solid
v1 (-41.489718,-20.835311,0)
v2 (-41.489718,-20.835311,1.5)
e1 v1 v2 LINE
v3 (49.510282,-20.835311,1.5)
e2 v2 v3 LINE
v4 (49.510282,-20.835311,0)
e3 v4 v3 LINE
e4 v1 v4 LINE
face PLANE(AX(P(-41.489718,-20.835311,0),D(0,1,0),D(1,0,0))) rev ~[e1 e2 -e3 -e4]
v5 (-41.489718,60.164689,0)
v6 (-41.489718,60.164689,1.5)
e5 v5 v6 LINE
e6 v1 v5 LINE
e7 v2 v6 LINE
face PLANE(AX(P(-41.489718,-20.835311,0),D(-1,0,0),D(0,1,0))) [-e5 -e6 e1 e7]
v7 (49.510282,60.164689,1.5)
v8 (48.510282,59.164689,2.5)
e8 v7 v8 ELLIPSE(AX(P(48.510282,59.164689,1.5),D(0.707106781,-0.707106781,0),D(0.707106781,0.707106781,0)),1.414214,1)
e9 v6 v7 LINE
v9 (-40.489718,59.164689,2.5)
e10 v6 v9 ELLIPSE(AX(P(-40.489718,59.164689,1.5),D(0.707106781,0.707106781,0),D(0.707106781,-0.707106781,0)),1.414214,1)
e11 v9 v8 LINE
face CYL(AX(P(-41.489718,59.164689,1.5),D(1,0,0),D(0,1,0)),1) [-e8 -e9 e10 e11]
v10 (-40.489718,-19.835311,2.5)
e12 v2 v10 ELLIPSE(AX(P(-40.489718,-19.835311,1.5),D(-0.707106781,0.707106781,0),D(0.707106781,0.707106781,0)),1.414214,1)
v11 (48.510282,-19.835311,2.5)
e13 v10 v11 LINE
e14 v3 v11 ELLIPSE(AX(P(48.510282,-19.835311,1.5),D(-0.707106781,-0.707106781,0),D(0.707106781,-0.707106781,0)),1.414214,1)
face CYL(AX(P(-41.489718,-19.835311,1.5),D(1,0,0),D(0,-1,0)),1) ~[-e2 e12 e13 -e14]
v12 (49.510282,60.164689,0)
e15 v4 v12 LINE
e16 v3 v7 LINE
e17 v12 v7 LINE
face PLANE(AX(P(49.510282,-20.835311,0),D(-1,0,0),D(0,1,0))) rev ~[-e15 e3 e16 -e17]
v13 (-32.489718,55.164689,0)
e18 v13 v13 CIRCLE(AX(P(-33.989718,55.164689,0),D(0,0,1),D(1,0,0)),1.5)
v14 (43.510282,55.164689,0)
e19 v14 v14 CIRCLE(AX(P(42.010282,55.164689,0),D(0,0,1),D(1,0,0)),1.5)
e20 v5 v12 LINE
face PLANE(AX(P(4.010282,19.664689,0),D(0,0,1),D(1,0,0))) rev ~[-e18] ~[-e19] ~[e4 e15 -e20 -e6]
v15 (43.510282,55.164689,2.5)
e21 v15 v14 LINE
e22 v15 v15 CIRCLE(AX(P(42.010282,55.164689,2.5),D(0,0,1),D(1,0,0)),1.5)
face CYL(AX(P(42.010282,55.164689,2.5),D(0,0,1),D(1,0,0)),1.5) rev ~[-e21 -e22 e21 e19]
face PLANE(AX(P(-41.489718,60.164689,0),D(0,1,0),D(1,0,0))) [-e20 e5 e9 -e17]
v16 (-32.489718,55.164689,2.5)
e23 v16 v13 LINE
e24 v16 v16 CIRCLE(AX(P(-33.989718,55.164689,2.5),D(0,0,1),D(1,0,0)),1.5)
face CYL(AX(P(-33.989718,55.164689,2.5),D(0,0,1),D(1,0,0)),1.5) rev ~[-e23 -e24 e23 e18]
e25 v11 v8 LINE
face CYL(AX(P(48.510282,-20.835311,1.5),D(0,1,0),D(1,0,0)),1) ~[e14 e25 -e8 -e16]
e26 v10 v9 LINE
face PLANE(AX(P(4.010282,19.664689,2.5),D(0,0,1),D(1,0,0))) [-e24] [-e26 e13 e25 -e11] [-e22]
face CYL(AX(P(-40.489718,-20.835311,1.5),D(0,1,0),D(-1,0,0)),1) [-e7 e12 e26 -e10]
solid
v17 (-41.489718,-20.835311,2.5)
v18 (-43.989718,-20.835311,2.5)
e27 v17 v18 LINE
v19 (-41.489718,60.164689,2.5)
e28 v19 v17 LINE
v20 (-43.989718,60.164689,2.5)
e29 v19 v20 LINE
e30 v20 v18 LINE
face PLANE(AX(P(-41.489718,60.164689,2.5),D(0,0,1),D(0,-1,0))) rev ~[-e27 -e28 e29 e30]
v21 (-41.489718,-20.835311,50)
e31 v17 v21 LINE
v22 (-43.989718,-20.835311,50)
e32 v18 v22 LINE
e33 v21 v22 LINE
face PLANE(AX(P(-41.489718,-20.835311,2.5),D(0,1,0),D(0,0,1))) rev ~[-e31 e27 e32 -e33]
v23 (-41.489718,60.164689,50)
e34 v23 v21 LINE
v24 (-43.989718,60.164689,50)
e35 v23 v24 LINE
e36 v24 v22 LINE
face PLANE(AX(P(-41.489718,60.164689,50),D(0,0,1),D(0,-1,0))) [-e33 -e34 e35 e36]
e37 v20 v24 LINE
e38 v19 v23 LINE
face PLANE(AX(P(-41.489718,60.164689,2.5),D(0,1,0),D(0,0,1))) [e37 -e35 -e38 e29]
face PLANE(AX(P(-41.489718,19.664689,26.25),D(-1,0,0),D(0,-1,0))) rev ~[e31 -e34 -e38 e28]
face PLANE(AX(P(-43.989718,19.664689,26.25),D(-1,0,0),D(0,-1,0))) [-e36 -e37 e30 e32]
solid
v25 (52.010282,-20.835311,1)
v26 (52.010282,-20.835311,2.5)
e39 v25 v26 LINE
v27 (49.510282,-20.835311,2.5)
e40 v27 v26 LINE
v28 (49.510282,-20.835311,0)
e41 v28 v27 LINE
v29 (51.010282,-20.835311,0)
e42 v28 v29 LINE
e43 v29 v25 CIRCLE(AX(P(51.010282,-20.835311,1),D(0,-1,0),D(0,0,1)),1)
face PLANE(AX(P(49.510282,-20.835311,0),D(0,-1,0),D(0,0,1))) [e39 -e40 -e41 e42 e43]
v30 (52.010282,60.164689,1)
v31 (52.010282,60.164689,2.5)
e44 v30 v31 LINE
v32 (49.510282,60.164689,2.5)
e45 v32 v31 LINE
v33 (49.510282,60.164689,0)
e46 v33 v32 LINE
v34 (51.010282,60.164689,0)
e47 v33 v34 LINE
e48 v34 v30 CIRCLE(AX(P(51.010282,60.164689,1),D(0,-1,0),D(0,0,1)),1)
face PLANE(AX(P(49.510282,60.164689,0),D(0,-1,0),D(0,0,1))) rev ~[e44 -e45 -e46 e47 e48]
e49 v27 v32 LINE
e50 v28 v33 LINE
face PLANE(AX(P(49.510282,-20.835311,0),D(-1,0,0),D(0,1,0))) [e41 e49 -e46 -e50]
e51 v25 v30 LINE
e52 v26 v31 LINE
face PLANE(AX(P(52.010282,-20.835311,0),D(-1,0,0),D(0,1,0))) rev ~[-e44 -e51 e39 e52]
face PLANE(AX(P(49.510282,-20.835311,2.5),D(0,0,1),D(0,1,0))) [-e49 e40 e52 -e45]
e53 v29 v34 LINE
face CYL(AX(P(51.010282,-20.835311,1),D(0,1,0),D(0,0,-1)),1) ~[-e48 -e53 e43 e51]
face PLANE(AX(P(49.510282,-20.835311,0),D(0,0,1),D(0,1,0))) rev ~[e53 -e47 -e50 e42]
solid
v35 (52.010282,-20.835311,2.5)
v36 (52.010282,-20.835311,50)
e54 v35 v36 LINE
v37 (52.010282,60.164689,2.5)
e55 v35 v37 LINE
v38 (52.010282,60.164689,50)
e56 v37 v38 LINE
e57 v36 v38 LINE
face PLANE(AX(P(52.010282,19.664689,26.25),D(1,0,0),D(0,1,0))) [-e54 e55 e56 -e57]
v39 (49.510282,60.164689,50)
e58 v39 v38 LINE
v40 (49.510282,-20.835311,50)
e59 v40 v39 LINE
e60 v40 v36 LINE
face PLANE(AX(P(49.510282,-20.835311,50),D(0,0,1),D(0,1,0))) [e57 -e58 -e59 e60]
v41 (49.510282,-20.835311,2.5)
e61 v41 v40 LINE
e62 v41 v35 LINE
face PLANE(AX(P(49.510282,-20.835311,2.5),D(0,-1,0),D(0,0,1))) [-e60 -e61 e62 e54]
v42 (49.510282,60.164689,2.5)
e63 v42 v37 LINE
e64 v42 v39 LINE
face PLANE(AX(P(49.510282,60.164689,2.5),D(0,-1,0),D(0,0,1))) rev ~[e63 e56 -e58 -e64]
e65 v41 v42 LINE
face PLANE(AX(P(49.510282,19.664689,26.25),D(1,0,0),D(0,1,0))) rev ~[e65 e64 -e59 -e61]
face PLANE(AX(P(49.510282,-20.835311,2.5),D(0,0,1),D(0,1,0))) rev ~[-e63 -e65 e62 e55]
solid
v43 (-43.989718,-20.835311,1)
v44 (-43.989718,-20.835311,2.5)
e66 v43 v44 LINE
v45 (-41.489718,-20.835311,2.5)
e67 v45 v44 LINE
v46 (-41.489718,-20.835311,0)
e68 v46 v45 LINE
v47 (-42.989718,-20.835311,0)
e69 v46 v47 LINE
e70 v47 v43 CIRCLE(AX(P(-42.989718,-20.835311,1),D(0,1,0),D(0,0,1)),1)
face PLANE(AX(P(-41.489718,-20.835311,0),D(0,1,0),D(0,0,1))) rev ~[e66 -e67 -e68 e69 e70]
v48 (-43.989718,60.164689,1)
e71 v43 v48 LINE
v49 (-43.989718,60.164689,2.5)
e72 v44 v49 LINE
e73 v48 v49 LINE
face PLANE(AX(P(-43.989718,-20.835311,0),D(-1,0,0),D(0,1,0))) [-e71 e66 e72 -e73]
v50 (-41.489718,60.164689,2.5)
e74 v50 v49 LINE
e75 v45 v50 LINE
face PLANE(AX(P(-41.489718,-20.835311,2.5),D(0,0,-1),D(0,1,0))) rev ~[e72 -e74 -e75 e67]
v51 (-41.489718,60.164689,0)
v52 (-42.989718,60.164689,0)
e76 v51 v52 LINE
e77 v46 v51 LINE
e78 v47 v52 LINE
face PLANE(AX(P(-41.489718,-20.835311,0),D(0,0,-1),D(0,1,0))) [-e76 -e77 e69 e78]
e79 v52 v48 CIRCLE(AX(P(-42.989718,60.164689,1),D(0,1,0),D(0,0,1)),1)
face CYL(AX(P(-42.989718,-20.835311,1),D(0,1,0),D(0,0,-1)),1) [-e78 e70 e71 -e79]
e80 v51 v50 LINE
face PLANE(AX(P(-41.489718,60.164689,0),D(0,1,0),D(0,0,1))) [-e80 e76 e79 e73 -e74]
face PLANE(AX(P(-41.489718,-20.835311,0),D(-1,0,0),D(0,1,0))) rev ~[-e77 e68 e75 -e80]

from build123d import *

# Parameters (mm, degrees)
F0_W      = 91
F0_H      = 81
F1_DEPTH  = 2.5
F2_W      = 81
F2_H      = 47.5
F3_DEPTH  = 2.5
F4_W      = 81
F4_H      = 47.5
F5_DEPTH  = 2.5
F6_DEPTH  = 2.5
F7_DEPTH  = 2.5
F8_R      = 1
F9_R      = 1
F9_2_R    = 1
F10_R     = 1.5
F11_DEPTH = 2.5


with BuildPart() as f1:
    # F0 (on Top) → F1 (new body)
    with BuildSketch(Plane.XY):
        with Locations((4.0102824569, 19.6646887419)):
            Rectangle(F0_W, F0_H)
    extrude(amount=F1_DEPTH)


with BuildPart() as f3:
    # F2 (on face) → F3 (new body)
    with BuildSketch(Plane(origin=(-41.4897175431, 0, 0), x_dir=(0, -1, 0), z_dir=(-1, 0, 0))):
        with Locations((-19.6646887419, 26.25)):
            Rectangle(F2_W, F2_H)
    extrude(amount=F3_DEPTH)


with BuildPart() as f5:
    # F4 (on face) → F5 (new body)
    with BuildSketch(Plane.YZ.offset(49.5102824569)):
        with Locations((19.6646887419, 26.25)):
            Rectangle(F4_W, F4_H)
    extrude(amount=F5_DEPTH)


with BuildPart() as f6:
    # F6 (new): a face of the model
    f6_faces = [f1.part.faces().sort_by_distance(p)[0] for p in [
        (49.5102824569, 19.6646887419, 1.25),
    ]]
    extrude(f6_faces, amount=F6_DEPTH)

    # F9
    f9_edges = [f6.edges().sort_by_distance(p)[0] for p in [
        (52.010282, 19.664689, 0),
    ]]
    fillet(f9_edges, radius=F9_R)


with BuildPart() as f7:
    # F7 (new): a face of the model
    f7_faces = [f1.part.faces().sort_by_distance(p)[0] for p in [
        (-41.4897175431, 19.6646887419, 1.25),
    ]]
    extrude(f7_faces, amount=F7_DEPTH)

    # F8
    f8_edges = [f7.edges().sort_by_distance(p)[0] for p in [
        (-43.989718, 19.664689, 0),
    ]]
    fillet(f8_edges, radius=F8_R)


with BuildPart() as f1_1:
    add(f1.part)

    # F9#2
    f9_2_edges = [f1_1.edges().sort_by_distance(p)[0] for p in [
        (4.010282, 60.164689, 2.5),
        (-41.489718, 19.664689, 2.5),
        (4.010282, -20.835311, 2.5),
        (49.510282, 19.664689, 2.5),
    ]]
    fillet(f9_2_edges, radius=F9_2_R)

    # F10 (on face) → F11 (cut)
    with BuildSketch(Plane.XY.offset(2.5)):
        with Locations((-33.9897175431, 55.1646887419)):
            Circle(F10_R)
        with Locations((42.0102824569, 55.1646887419)):
            Circle(F10_R)
    extrude(amount=-F11_DEPTH, mode=Mode.SUBTRACT)


solid = Compound([f3.part, f5.part, f6.part, f7.part, f1_1.part])
